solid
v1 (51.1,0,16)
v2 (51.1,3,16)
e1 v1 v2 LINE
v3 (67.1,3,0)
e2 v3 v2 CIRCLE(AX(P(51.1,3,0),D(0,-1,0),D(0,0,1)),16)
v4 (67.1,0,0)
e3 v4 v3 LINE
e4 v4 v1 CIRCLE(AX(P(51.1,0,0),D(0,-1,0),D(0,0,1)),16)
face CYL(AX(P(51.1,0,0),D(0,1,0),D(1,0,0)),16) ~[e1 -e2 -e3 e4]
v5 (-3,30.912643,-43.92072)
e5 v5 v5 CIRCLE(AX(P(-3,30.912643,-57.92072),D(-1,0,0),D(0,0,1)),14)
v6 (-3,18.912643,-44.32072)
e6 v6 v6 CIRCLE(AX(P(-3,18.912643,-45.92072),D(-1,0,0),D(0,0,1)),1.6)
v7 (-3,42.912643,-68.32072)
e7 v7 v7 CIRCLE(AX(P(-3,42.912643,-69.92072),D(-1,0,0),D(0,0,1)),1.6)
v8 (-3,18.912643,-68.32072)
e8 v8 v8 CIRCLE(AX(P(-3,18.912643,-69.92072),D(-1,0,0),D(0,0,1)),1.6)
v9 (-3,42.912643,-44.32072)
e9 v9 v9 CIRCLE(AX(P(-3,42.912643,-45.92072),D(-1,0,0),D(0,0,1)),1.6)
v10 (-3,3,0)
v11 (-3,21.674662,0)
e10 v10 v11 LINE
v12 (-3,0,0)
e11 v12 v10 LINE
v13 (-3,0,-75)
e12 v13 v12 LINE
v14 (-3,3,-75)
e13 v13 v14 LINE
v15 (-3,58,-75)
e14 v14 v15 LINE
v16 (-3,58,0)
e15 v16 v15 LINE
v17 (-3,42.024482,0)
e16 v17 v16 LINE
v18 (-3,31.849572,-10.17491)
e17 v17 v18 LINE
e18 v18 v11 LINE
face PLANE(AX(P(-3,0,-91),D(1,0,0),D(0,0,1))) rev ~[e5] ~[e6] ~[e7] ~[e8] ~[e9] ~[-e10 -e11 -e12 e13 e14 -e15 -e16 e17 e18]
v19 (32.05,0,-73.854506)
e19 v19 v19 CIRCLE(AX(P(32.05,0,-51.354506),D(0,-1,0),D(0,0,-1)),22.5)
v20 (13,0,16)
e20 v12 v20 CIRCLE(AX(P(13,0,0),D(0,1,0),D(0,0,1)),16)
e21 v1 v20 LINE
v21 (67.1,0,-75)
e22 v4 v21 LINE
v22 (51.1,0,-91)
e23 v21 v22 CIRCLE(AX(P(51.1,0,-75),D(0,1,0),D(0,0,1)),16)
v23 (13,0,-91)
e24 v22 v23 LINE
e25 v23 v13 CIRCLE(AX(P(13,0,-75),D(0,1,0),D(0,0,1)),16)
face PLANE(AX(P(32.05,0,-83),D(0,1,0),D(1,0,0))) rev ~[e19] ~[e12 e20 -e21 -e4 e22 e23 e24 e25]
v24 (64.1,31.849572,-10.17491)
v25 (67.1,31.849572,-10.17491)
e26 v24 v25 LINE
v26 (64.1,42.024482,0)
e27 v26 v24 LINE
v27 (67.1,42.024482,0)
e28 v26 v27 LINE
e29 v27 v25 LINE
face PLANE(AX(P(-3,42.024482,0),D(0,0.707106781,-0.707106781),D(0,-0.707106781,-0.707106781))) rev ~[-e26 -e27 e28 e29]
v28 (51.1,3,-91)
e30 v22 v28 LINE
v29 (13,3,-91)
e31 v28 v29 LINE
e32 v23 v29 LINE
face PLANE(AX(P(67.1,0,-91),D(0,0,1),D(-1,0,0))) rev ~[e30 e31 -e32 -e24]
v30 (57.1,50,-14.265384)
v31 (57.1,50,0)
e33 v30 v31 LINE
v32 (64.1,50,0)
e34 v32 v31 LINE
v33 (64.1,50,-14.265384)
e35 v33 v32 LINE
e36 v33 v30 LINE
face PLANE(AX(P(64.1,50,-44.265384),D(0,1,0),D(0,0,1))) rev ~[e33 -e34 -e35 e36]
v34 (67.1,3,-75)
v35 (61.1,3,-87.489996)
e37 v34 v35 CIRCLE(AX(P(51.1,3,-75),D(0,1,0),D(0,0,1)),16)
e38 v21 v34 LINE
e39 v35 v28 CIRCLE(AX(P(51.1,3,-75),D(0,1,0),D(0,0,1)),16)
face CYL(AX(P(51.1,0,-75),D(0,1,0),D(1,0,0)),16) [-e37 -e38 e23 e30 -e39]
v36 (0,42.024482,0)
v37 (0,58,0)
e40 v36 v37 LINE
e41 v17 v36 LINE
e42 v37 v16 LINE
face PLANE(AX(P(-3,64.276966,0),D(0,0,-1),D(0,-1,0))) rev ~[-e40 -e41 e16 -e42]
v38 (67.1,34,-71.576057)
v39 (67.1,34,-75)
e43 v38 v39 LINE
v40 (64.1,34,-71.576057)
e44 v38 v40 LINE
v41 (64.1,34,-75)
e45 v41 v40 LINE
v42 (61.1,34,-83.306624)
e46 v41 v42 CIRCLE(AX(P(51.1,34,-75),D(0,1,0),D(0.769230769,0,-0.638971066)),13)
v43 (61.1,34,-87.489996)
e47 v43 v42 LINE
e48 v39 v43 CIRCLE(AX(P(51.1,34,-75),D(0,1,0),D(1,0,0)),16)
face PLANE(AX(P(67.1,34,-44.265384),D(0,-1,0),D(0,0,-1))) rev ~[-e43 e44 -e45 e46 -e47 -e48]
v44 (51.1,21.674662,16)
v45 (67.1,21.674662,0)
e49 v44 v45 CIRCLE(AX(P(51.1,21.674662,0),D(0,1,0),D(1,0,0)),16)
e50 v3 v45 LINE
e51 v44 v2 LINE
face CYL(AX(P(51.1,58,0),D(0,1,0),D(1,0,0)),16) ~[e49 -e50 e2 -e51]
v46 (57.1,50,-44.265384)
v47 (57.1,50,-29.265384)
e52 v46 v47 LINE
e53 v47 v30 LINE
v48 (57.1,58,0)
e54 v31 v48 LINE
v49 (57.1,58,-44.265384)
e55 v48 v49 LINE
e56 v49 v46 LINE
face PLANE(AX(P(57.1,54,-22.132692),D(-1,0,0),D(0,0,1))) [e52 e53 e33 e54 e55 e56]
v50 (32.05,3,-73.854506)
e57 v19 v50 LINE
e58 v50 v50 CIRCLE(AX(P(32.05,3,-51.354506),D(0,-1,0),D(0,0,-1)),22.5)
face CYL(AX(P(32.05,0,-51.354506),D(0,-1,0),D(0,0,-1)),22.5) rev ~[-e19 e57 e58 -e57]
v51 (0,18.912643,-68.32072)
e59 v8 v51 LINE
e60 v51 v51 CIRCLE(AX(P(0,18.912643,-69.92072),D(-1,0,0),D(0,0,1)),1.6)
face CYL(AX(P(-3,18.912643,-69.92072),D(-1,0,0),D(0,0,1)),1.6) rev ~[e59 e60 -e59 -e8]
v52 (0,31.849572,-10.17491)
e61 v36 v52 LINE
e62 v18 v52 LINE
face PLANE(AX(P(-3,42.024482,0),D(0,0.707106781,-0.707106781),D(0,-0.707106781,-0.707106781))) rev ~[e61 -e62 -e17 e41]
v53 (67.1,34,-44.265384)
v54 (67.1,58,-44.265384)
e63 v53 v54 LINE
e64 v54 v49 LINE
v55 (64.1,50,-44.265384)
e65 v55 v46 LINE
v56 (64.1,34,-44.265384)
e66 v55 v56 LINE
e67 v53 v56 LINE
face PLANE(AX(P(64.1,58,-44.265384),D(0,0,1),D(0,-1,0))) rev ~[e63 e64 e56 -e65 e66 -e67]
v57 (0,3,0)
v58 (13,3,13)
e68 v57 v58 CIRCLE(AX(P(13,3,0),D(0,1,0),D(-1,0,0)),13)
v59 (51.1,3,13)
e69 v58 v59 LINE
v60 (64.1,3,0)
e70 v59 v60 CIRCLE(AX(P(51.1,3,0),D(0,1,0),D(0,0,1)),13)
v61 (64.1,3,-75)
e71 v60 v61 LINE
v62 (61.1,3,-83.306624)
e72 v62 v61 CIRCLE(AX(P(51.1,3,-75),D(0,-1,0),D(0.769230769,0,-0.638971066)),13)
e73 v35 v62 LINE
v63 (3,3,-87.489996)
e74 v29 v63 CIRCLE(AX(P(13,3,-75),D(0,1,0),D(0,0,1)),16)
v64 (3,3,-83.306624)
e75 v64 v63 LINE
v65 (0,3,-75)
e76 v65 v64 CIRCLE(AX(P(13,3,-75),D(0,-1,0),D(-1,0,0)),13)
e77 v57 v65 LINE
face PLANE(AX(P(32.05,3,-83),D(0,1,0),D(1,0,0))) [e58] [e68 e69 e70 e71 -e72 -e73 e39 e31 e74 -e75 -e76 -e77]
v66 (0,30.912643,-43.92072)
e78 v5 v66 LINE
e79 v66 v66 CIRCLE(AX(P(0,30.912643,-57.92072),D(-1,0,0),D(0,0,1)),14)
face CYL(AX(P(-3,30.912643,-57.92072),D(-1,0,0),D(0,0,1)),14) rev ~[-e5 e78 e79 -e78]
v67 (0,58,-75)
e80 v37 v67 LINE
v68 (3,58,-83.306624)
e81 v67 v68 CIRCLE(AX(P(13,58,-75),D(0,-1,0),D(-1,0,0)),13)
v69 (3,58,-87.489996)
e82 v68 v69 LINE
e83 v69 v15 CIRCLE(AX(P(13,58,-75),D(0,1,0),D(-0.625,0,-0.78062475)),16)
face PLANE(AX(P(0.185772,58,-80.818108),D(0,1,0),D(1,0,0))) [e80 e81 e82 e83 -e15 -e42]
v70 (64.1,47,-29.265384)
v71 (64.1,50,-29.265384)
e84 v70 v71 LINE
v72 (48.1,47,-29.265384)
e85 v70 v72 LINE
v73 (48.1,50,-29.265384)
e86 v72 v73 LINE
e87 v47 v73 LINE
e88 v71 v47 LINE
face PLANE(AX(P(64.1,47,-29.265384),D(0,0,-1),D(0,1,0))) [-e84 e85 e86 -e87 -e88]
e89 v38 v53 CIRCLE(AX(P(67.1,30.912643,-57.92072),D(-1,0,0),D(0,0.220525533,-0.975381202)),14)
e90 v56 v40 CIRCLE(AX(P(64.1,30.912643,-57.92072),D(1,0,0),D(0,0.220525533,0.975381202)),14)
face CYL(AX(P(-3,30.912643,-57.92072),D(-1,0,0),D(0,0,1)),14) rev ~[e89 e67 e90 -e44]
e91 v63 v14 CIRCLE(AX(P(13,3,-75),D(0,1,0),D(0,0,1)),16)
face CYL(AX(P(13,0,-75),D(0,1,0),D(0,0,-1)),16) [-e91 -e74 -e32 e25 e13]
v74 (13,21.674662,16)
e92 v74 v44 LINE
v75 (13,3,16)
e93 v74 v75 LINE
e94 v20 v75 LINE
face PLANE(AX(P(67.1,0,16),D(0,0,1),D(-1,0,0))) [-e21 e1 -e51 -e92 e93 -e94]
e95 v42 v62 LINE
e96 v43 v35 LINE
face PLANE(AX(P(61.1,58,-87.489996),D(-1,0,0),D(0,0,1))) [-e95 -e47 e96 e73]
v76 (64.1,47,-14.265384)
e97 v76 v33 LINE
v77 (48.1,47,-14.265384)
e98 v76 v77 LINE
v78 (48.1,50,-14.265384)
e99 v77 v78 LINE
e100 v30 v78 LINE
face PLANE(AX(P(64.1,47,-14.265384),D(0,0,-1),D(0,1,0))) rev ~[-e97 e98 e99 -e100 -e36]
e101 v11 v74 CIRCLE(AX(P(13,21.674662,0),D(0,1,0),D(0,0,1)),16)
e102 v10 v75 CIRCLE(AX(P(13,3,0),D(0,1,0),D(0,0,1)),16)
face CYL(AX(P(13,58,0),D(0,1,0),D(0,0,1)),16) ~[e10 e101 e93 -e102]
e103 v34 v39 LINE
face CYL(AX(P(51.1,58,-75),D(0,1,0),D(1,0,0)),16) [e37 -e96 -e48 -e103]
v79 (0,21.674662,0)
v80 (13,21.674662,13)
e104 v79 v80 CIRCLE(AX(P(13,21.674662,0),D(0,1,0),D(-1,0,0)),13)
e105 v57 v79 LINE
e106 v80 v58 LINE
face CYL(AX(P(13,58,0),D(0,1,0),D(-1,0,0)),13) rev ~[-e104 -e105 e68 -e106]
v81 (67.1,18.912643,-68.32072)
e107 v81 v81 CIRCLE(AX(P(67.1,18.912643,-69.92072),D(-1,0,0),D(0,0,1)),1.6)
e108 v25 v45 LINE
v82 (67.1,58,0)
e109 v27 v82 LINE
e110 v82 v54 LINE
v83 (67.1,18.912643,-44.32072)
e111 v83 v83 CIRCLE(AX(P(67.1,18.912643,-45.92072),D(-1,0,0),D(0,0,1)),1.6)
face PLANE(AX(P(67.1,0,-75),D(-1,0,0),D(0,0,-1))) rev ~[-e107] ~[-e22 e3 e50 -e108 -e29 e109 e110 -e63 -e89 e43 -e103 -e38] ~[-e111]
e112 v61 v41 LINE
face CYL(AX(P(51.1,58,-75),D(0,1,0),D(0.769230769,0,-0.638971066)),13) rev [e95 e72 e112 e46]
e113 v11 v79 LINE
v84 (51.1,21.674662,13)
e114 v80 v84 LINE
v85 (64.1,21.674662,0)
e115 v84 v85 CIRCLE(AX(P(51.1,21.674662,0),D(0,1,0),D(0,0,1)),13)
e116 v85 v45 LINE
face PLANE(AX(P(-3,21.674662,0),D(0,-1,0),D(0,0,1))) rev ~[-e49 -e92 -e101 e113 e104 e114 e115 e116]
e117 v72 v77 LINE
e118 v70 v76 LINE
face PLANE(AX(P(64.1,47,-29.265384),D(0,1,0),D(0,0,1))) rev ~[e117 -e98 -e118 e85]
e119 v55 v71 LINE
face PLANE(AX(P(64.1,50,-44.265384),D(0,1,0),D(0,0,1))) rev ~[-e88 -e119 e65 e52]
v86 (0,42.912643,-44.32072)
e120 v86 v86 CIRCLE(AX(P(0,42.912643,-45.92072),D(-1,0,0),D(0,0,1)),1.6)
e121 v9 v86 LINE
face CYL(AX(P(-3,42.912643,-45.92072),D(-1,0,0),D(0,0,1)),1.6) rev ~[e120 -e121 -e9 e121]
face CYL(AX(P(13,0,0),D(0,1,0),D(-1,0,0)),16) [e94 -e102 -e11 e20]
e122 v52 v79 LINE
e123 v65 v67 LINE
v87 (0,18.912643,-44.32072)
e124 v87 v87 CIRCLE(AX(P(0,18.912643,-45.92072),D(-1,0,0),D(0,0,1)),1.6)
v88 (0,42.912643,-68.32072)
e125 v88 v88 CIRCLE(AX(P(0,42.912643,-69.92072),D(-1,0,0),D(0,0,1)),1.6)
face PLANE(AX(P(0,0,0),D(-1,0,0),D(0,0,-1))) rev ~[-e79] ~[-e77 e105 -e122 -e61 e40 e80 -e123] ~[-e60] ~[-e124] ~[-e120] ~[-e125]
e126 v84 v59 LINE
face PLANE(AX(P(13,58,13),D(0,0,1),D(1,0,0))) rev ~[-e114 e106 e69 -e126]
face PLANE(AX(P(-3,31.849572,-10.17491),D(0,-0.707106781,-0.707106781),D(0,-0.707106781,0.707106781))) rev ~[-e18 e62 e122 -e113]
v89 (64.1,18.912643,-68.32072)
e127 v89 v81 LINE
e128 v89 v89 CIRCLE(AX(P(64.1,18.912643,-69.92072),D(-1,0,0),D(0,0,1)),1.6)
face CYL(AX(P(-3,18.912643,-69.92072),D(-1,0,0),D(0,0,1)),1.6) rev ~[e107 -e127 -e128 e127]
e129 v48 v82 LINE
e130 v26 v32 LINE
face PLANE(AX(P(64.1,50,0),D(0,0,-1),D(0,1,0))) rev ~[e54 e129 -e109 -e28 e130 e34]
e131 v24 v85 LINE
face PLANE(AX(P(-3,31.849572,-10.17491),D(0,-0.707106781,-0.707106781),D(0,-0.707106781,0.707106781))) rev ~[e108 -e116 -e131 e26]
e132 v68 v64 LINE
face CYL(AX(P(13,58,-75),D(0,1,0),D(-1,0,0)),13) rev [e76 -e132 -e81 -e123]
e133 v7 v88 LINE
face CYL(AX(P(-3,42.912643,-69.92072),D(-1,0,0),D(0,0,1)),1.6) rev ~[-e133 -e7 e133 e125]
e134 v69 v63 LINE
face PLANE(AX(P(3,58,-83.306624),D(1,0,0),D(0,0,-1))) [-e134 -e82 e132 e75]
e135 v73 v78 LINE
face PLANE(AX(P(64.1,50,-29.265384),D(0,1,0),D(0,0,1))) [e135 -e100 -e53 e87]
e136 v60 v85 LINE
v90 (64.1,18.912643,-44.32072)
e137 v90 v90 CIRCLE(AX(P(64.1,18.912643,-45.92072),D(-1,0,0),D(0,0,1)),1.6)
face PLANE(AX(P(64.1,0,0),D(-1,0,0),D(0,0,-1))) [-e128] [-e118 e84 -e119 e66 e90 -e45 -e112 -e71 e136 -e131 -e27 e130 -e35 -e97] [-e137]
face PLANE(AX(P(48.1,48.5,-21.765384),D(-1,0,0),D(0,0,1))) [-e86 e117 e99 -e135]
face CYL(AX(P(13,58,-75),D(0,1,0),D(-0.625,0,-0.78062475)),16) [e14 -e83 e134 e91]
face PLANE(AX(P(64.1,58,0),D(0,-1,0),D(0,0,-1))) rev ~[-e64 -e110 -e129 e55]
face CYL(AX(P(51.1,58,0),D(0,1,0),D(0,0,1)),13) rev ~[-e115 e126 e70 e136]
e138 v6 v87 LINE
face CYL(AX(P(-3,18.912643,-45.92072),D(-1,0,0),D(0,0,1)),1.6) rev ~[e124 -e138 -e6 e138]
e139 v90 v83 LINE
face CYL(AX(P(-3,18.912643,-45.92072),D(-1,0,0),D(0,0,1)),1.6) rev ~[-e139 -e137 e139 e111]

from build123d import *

# Parameters (mm, degrees)
SKETCH1_W           = 64.1
SKETCH1_H           = 75
BOSS_EXTRUDE1_DEPTH = 3
SKETCH1_4_W         = 3
SKETCH1_4_H         = 75
BOSS_EXTRUDE2_DEPTH = 58
SKETCH2_R           = 22.5
CUT_EXTRUDE1_DEPTH  = 10
FILLET2_R           = 16
BOSS_EXTRUDE3_START = 55
BOSS_EXTRUDE3_DEPTH = 55
SKETCH5_R           = 14
SKETCH5_R_2         = 1.6
CUT_EXTRUDE2_DEPTH  = 129.681816897
SKETCH7_W           = 43.224612372
SKETCH7_H           = 24
CUT_EXTRUDE3_DEPTH  = 10
SKETCH5_5_W         = 23.859751581
SKETCH5_5_H         = 20.349819761
CUT_EXTRUDE5_DEPTH  = 74
BOSS_EXTRUDE4_DEPTH = 7
SKETCH9_4_W         = 15
SKETCH9_4_H         = 3
BOSS_EXTRUDE5_DEPTH = 16


with BuildPart() as part:
    # Sketch1 → Boss-Extrude1 (new body)
    with BuildSketch(Plane(origin=(0, 0, 0), x_dir=(1, 0, 0), z_dir=(0, 1, 0))):
        Polygon((64.1, 75), (67.1, 75), (67.1, 91), (-3, 91), (-3, 75), (0, 75), align=None)
        with Locations((32.05, 37.5)):
            Rectangle(SKETCH1_W, SKETCH1_H)
        Polygon((67.1, 0), (67.1, -16), (-3, -16), (-3, 0), (0, 0), (64.1, 0), align=None)
    extrude(amount=BOSS_EXTRUDE1_DEPTH)

    # Sketch1<4> → Boss-Extrude2 (add)
    with BuildSketch(Plane(origin=(0, 0, 0), x_dir=(1, 0, 0), z_dir=(0, 1, 0))):
        with Locations((65.6, 37.5)):
            Rectangle(SKETCH1_4_W, SKETCH1_4_H)
        with Locations((-1.5, 37.5)):
            Rectangle(SKETCH1_4_W, SKETCH1_4_H)
    extrude(amount=BOSS_EXTRUDE2_DEPTH)

    # Sketch2 → Cut-Extrude1 (cut)
    with BuildSketch(Plane.XZ):
        with Locations(Location((32.05, -51.354505882, 0), (0, 0, 270))):
            Circle(SKETCH2_R)
    extrude(amount=-CUT_EXTRUDE1_DEPTH, mode=Mode.SUBTRACT)

    # Fillet2
    fillet2_edges = [part.edges().sort_by_distance(p)[0] for p in [
        (-3, 1.5, -91),
        (67.1, 1.5, -91),
        (67.1, 1.5, 16),
        (-3, 1.5, 16),
    ]]
    fillet(fillet2_edges, radius=FILLET2_R)

    # Sketch6 → Boss-Extrude3 (add)
    with BuildSketch(Plane(origin=(0, 3, 0), x_dir=(1, 0, 0), z_dir=(0, 1, 0)).offset(BOSS_EXTRUDE3_START)):
        with BuildLine():
            Line((3, 83.306623863), (3, 87.489995997))
            ThreePointArc((3, 87.489995997), (-1.422205102, 81.92820323), (-3, 75))
            Line((-3, 75), (0, 75))
            ThreePointArc((0, 75), (0.772980739, 79.415880433), (3, 83.306623863))
        make_face()
        with BuildLine():
            Line((61.1, 87.489995997), (61.1, 83.306623863))
            ThreePointArc((61.1, 83.306623863), (63.327019261, 79.415880433), (64.1, 75))
            Line((64.1, 75), (67.1, 75))
            ThreePointArc((67.1, 75), (65.522205102, 81.92820323), (61.1, 87.489995997))
        make_face()
        with BuildLine():
            Line((64.1, 0), (67.1, 0))
            ThreePointArc((67.1, 0), (62.413708499, -11.313708499), (51.1, -16))
            Line((51.1, -16), (13, -16))
            ThreePointArc((13, -16), (1.686291501, -11.313708499), (-3, 0))
            Line((-3, 0), (0, 0))
            ThreePointArc((0, 0), (3.807611845, -9.192388155), (13, -13))
            Line((13, -13), (51.1, -13))
            ThreePointArc((51.1, -13), (60.292388155, -9.192388155), (64.1, 0))
        make_face()
    extrude(amount=-BOSS_EXTRUDE3_DEPTH)

    # Sketch5 → Cut-Extrude2 (cut, through all)
    with BuildSketch(Plane.ZY.offset(3)):
        with Locations((-57.920720454, 30.91264254)):
            Circle(SKETCH5_R)
        with Locations((-69.920720454, 42.91264254)):
            Circle(SKETCH5_R_2)
        with Locations((-69.920720454, 18.91264254)):
            Circle(SKETCH5_R_2)
        with Locations((-45.920720454, 18.91264254)):
            Circle(SKETCH5_R_2)
        with Locations((-45.920720454, 42.91264254)):
            Circle(SKETCH5_R_2)
    extrude(amount=-CUT_EXTRUDE2_DEPTH, mode=Mode.SUBTRACT)

    # Sketch7 → Cut-Extrude3 (cut)
    with BuildSketch(Plane(origin=(67.1, 0, 0), x_dir=(0, 0, -1), z_dir=(1, 0, 0))):
        with Locations((65.877689811, 46)):
            Rectangle(SKETCH7_W, SKETCH7_H)
    extrude(amount=-CUT_EXTRUDE3_DEPTH, mode=Mode.SUBTRACT)

    # Sketch5<5> → Cut-Extrude5 (cut)
    with BuildSketch(Plane.ZY.offset(3)):
        Polygon((0, 58), (0, 42.024482082), (23.859751581, 42.024482082), (23.859751581, 64.276966148), (0, 64.276966148), align=None)
        with Locations((11.929875791, 31.849572202)):
            Rectangle(SKETCH5_5_W, SKETCH5_5_H)
        Polygon((0, 21.674662321), (0, 42.024482082), (-10.174909881, 31.849572202), align=None)
    extrude(amount=-CUT_EXTRUDE5_DEPTH, mode=Mode.SUBTRACT)

    # Sketch9 → Boss-Extrude4 (add)
    with BuildSketch(Plane.ZY.offset(-64.1)):
        Polygon((0, 58), (-44.265383625, 58), (-44.265383625, 50), (-29.265383625, 50), (-14.265383625, 50), (0, 50), align=None)
    extrude(amount=BOSS_EXTRUDE4_DEPTH)

    # Sketch9<4> → Boss-Extrude5 (add)
    with BuildSketch(Plane.ZY.offset(-64.1)):
        with Locations((-21.765383625, 48.5)):
            Rectangle(SKETCH9_4_W, SKETCH9_4_H)
    extrude(amount=BOSS_EXTRUDE5_DEPTH)


solid = part.part
